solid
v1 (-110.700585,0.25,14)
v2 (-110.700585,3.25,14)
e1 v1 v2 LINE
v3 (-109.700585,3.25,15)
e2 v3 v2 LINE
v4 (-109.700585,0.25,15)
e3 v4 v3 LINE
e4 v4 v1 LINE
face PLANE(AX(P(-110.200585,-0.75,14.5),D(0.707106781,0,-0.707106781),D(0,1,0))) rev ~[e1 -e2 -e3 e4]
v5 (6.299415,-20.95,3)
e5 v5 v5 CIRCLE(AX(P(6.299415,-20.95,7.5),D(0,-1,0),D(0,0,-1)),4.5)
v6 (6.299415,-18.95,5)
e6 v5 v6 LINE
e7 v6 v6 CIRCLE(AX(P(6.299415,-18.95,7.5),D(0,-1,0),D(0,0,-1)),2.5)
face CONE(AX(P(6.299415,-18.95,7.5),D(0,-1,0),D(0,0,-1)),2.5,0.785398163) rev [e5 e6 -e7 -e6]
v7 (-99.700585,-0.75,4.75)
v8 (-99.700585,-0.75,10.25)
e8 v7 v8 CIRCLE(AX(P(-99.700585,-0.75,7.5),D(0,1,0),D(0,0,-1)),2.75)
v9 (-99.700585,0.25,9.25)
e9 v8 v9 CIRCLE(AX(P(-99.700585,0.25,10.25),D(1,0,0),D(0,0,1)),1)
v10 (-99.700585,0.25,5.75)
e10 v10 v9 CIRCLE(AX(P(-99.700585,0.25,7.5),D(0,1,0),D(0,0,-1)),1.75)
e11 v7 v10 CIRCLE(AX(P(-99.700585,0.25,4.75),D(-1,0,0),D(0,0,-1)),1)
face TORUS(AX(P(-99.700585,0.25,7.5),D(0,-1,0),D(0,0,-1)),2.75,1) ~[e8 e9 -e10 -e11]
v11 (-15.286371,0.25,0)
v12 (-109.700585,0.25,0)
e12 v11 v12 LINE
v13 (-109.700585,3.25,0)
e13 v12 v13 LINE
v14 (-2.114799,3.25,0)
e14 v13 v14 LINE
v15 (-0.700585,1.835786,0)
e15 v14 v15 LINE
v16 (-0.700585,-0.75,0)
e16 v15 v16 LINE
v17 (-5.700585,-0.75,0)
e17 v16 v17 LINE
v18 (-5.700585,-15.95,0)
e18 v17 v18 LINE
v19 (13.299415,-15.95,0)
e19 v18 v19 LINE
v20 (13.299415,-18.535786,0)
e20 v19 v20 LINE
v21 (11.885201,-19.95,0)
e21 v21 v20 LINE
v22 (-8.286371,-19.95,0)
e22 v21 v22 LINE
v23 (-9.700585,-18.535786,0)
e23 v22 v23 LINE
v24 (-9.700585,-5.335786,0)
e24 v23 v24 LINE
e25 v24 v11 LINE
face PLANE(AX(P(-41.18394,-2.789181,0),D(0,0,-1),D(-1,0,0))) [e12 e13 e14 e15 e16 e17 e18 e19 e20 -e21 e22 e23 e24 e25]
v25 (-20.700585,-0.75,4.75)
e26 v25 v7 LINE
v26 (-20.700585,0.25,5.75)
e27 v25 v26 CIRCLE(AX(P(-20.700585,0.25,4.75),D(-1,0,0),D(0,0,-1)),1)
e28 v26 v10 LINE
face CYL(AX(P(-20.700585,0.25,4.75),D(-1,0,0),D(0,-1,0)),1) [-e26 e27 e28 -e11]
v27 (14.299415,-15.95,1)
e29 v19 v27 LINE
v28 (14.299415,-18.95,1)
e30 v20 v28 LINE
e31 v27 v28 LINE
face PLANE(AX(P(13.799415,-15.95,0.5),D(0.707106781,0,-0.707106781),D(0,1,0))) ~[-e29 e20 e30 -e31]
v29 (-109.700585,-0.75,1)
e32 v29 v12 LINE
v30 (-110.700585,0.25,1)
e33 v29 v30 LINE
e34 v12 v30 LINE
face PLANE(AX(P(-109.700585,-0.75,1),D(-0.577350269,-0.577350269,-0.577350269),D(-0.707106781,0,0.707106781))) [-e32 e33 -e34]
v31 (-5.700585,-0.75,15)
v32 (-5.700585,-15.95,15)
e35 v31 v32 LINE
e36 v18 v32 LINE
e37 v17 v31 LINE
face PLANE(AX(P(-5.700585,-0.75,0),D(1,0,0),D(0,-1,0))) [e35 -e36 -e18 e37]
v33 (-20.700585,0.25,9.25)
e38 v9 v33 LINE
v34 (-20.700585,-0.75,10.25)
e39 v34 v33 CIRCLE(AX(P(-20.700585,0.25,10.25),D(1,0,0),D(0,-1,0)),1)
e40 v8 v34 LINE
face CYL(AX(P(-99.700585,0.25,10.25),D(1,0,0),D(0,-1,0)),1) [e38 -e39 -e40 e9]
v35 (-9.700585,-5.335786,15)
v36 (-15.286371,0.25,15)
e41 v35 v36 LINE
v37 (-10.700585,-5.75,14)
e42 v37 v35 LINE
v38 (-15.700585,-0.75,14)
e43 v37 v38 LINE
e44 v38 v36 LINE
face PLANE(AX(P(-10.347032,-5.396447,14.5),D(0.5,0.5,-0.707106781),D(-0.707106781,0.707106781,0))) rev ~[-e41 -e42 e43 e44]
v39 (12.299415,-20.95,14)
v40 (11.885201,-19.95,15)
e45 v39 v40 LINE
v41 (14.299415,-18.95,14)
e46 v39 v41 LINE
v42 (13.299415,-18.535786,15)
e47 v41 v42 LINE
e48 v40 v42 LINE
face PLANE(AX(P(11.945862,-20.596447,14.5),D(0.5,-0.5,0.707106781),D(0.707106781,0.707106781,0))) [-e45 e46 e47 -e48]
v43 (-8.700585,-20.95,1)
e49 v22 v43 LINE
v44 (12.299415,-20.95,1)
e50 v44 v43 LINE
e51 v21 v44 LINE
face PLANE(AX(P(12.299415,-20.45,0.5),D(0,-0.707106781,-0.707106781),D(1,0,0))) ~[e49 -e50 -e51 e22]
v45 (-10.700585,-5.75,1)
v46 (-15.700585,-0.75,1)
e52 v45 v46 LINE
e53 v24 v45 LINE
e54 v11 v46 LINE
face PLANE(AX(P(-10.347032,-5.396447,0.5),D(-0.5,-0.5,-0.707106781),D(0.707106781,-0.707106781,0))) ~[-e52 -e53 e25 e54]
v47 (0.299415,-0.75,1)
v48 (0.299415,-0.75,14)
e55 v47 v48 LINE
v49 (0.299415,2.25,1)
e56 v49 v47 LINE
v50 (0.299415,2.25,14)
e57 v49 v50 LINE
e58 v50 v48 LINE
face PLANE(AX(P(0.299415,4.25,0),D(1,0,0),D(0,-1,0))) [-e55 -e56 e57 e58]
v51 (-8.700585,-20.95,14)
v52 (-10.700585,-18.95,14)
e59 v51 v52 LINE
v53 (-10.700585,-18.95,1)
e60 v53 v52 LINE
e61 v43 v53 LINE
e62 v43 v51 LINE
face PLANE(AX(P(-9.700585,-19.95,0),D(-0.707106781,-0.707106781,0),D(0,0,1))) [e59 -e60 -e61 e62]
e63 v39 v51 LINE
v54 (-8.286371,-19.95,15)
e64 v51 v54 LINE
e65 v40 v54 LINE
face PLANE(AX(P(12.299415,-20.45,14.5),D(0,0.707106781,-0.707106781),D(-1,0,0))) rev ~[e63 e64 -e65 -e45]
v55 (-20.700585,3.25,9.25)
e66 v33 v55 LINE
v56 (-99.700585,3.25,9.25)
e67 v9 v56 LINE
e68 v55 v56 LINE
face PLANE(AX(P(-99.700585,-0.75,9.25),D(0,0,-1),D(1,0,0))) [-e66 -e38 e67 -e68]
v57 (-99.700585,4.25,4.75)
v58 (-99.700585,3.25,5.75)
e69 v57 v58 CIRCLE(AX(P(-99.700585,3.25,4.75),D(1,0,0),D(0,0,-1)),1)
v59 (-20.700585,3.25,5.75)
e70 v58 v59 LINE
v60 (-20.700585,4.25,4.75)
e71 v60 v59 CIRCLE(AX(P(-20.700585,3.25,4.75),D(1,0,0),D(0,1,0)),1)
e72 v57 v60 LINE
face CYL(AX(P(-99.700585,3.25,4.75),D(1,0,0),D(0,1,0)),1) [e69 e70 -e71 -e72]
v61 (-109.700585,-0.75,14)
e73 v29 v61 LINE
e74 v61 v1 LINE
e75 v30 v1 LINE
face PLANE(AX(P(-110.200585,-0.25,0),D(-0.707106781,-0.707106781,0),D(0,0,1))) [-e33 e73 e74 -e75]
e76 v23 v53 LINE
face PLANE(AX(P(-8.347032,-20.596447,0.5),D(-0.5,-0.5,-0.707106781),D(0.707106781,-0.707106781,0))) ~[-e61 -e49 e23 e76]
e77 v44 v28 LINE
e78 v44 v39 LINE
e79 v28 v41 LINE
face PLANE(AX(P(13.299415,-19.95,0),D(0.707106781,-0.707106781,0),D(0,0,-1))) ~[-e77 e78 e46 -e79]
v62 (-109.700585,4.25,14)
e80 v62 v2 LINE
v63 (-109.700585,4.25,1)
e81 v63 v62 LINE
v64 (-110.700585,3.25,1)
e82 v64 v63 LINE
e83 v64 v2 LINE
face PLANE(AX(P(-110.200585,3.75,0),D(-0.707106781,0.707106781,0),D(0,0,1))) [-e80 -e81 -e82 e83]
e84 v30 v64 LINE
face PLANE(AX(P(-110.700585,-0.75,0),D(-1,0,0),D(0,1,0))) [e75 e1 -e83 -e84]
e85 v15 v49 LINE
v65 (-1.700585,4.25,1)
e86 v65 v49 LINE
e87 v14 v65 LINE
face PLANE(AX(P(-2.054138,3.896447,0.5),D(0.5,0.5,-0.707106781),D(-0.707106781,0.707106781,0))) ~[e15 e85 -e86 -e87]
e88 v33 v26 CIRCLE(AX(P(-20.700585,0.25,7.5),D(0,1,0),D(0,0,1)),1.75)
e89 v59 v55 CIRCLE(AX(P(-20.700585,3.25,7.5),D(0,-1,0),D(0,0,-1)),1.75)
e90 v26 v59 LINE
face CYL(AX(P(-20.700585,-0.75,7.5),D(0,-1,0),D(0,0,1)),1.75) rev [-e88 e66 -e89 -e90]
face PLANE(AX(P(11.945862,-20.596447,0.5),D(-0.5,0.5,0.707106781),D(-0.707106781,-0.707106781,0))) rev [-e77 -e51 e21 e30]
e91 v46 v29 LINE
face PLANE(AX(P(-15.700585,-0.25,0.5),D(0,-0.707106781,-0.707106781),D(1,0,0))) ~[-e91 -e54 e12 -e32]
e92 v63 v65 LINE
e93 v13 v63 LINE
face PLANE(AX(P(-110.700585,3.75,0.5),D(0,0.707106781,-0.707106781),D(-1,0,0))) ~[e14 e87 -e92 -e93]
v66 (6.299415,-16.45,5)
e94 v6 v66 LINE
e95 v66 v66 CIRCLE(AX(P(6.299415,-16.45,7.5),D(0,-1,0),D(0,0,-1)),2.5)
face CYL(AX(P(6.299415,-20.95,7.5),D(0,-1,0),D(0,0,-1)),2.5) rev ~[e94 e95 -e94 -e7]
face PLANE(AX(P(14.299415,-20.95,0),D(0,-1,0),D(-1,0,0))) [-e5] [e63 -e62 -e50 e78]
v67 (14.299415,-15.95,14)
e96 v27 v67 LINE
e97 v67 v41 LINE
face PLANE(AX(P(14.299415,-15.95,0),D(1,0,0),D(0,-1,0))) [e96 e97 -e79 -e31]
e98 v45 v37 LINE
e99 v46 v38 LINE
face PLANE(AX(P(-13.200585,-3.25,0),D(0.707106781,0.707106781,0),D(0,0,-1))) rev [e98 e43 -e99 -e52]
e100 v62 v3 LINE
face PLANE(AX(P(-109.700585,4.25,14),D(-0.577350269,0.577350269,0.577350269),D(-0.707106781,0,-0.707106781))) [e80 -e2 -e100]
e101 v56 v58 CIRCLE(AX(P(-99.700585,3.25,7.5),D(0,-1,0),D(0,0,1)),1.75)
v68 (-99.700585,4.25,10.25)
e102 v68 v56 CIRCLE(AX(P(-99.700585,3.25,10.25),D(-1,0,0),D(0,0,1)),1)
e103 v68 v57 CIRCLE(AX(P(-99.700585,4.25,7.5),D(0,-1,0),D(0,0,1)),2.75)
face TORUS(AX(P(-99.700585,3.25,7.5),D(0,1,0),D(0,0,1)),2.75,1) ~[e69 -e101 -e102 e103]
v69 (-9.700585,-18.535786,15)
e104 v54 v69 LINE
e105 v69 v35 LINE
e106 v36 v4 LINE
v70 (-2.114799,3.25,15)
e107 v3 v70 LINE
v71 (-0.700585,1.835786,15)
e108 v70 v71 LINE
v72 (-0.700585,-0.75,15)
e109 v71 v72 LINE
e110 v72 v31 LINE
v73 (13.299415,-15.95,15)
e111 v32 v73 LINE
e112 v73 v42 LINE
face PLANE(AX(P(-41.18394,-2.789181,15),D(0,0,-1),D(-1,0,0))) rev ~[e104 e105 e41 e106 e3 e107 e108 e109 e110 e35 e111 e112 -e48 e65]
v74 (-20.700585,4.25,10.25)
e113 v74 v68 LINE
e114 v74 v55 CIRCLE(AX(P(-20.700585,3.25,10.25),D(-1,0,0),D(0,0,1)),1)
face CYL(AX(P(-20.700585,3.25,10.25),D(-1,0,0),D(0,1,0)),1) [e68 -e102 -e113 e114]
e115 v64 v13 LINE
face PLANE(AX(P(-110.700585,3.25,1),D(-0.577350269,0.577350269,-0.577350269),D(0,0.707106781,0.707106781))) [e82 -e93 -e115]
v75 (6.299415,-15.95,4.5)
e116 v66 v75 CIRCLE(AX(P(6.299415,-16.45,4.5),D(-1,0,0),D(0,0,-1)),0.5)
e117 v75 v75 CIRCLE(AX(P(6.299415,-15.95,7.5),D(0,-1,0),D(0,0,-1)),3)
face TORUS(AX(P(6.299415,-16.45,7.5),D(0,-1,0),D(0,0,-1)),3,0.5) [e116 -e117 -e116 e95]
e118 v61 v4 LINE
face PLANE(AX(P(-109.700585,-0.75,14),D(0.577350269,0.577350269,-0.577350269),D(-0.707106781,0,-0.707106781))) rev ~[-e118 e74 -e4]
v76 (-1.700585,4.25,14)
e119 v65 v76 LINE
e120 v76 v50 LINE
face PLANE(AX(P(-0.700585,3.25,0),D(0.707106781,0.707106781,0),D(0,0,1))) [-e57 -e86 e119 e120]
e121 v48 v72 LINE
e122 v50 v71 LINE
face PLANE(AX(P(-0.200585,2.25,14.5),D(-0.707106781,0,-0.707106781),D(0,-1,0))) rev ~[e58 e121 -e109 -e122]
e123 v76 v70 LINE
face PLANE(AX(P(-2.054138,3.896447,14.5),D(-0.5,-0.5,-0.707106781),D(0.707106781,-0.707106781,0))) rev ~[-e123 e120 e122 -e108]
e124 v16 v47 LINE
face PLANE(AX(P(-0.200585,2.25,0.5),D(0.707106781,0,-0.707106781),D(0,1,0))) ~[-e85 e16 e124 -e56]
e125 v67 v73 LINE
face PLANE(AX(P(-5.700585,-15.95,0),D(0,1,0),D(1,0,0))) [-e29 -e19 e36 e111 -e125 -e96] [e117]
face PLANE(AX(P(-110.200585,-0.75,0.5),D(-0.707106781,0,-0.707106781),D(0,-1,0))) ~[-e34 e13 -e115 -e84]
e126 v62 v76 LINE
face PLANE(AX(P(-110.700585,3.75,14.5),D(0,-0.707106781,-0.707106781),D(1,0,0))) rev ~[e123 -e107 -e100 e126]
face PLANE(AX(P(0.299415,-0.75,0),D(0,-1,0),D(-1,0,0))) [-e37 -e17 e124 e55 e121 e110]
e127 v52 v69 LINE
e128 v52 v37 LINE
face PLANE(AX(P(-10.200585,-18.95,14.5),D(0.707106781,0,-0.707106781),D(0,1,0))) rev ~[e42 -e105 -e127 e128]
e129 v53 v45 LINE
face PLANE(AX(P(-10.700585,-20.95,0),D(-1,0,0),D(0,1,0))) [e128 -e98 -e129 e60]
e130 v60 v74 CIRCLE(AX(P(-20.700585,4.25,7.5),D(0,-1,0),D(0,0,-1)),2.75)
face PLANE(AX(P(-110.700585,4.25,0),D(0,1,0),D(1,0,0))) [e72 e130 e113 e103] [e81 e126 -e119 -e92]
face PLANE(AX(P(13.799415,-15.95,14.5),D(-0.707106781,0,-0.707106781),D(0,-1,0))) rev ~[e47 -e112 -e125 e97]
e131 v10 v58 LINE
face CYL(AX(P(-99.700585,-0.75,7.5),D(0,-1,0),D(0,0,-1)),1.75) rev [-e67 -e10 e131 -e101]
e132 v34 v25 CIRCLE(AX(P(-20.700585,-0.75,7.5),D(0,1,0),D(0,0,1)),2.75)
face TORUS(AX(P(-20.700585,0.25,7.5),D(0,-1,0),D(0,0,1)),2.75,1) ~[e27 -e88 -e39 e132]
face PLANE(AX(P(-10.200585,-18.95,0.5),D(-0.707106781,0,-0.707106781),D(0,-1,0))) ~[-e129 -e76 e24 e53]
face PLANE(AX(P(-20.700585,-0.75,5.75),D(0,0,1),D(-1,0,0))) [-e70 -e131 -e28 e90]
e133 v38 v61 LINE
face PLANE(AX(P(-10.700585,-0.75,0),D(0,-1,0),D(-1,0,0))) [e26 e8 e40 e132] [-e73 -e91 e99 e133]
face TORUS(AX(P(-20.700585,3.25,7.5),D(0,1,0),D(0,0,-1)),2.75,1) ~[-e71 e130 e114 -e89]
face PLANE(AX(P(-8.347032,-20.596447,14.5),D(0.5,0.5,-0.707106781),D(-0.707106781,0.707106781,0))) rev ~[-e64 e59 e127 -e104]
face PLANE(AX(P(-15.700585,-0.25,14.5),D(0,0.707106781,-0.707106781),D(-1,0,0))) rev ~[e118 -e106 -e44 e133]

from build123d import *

# Parameters (mm, degrees)
RESSALTO_EXTRUS_O1_DEPTH = 15
ESBO_O3_R                = 2.5
CORTE_EXTRUS_O1_DEPTH    = 15
CHANFRO1_SIZE            = 2
FILETE1_R                = 0.5
CHANFRO5_SIZE            = 2
CHANFRO7_SIZE            = 5
CHANFRO9_SIZE            = 1
CORTE_EXTRUS_O2_DEPTH    = 10
FILETE2_R                = 1


with BuildPart() as part:
    # Esboço1 → Ressalto-extrusão1 (new body)
    with BuildSketch(Plane.XY):
        Polygon((0.299414955, -0.75), (-5.700585045, -0.75), (-5.700585045, -15.95), (14.299414955, -15.95), (14.299414955, -20.95), (-10.700585045, -20.95), (-10.700585045, -0.75), (-110.700585045, -0.75), (-110.700585045, 4.25), (0.299414955, 4.25), align=None)
    extrude(amount=RESSALTO_EXTRUS_O1_DEPTH)

    # Esboço3 → Corte-extrusão1 (cut)
    with BuildSketch(Plane.XZ.offset(20.95)):
        with Locations(Location((6.299414955, 7.5, 0), (0, 0, 270))):
            Circle(ESBO_O3_R)
    extrude(amount=-CORTE_EXTRUS_O1_DEPTH, mode=Mode.SUBTRACT)

    # Chanfro1
    chanfro1_edges = [part.edges().sort_by_distance(p)[0] for p in [
        (6.299414955, -20.95, 10),
    ]]
    chamfer(chanfro1_edges, length=CHANFRO1_SIZE)

    # Filete1
    filete1_edges = [part.edges().sort_by_distance(p)[0] for p in [
        (6.299414955, -15.95, 10),
    ]]
    fillet(filete1_edges, radius=FILETE1_R)

    # Chanfro5
    chanfro5_edges = [part.edges().sort_by_distance(p)[0] for p in [
        (14.299414955, -20.95, 7.5),
        (-10.700585045, -20.95, 7.5),
        (0.299414955, 4.25, 7.5),
    ]]
    chamfer(chanfro5_edges, length=CHANFRO5_SIZE)

    # Chanfro7
    chanfro7_edges = [part.edges().sort_by_distance(p)[0] for p in [
        (-10.700585045, -0.75, 7.5),
    ]]
    chamfer(chanfro7_edges, length=CHANFRO7_SIZE)

    # Chanfro9
    chanfro9_edges = [part.edges().sort_by_distance(p)[0] for p in [
        (13.299414955, -19.95, 0),
        (14.299414955, -17.45, 0),
        (0.299414955, 0.75, 0),
        (-0.700585045, 3.25, 0),
        (-56.200585045, 4.25, 0),
        (-110.700585045, 1.75, 0),
        (-63.200585045, -0.75, 0),
        (-13.200585045, -3.25, 0),
        (-10.700585045, -12.35, 0),
        (-9.700585045, -19.95, 0),
        (1.799414955, -20.95, 0),
        (-110.700585045, 1.75, 15),
        (-56.200585045, 4.25, 15),
        (-0.700585045, 3.25, 15),
        (0.299414955, 0.75, 15),
        (14.299414955, -17.45, 15),
        (13.299414955, -19.95, 15),
        (1.799414955, -20.95, 15),
        (-9.700585045, -19.95, 15),
        (-10.700585045, -12.35, 15),
        (-13.200585045, -3.25, 15),
        (-63.200585045, -0.75, 15),
        (-110.700585045, 4.25, 7.5),
        (-110.700585045, -0.75, 7.5),
    ]]
    chamfer(chanfro9_edges, length=CHANFRO9_SIZE)

    # Esboço4 → Corte-extrusão2 (cut)
    with BuildSketch(Plane.XZ.offset(0.75)):
        with BuildLine():
            Line((-99.700585045, 9.25), (-20.700585045, 9.25))
            ThreePointArc((-20.700585045, 9.25), (-18.950585045, 7.5), (-20.700585045, 5.75))
            Line((-20.700585045, 5.75), (-99.700585045, 5.75))
            ThreePointArc((-99.700585045, 5.75), (-101.450585045, 7.5), (-99.700585045, 9.25))
        make_face()
    extrude(amount=-CORTE_EXTRUS_O2_DEPTH, mode=Mode.SUBTRACT)

    # Filete2
    filete2_edges = [part.edges().sort_by_distance(p)[0] for p in [
        (-101.450585045, 4.25, 7.5),
        (-60.200585045, 4.25, 9.25),
        (-18.950585045, 4.25, 7.5),
        (-60.200585045, 4.25, 5.75),
        (-101.450585045, -0.75, 7.5),
        (-60.200585045, -0.75, 5.75),
        (-18.950585045, -0.75, 7.5),
        (-60.200585045, -0.75, 9.25),
    ]]
    fillet(filete2_edges, radius=FILETE2_R)


solid = part.part
